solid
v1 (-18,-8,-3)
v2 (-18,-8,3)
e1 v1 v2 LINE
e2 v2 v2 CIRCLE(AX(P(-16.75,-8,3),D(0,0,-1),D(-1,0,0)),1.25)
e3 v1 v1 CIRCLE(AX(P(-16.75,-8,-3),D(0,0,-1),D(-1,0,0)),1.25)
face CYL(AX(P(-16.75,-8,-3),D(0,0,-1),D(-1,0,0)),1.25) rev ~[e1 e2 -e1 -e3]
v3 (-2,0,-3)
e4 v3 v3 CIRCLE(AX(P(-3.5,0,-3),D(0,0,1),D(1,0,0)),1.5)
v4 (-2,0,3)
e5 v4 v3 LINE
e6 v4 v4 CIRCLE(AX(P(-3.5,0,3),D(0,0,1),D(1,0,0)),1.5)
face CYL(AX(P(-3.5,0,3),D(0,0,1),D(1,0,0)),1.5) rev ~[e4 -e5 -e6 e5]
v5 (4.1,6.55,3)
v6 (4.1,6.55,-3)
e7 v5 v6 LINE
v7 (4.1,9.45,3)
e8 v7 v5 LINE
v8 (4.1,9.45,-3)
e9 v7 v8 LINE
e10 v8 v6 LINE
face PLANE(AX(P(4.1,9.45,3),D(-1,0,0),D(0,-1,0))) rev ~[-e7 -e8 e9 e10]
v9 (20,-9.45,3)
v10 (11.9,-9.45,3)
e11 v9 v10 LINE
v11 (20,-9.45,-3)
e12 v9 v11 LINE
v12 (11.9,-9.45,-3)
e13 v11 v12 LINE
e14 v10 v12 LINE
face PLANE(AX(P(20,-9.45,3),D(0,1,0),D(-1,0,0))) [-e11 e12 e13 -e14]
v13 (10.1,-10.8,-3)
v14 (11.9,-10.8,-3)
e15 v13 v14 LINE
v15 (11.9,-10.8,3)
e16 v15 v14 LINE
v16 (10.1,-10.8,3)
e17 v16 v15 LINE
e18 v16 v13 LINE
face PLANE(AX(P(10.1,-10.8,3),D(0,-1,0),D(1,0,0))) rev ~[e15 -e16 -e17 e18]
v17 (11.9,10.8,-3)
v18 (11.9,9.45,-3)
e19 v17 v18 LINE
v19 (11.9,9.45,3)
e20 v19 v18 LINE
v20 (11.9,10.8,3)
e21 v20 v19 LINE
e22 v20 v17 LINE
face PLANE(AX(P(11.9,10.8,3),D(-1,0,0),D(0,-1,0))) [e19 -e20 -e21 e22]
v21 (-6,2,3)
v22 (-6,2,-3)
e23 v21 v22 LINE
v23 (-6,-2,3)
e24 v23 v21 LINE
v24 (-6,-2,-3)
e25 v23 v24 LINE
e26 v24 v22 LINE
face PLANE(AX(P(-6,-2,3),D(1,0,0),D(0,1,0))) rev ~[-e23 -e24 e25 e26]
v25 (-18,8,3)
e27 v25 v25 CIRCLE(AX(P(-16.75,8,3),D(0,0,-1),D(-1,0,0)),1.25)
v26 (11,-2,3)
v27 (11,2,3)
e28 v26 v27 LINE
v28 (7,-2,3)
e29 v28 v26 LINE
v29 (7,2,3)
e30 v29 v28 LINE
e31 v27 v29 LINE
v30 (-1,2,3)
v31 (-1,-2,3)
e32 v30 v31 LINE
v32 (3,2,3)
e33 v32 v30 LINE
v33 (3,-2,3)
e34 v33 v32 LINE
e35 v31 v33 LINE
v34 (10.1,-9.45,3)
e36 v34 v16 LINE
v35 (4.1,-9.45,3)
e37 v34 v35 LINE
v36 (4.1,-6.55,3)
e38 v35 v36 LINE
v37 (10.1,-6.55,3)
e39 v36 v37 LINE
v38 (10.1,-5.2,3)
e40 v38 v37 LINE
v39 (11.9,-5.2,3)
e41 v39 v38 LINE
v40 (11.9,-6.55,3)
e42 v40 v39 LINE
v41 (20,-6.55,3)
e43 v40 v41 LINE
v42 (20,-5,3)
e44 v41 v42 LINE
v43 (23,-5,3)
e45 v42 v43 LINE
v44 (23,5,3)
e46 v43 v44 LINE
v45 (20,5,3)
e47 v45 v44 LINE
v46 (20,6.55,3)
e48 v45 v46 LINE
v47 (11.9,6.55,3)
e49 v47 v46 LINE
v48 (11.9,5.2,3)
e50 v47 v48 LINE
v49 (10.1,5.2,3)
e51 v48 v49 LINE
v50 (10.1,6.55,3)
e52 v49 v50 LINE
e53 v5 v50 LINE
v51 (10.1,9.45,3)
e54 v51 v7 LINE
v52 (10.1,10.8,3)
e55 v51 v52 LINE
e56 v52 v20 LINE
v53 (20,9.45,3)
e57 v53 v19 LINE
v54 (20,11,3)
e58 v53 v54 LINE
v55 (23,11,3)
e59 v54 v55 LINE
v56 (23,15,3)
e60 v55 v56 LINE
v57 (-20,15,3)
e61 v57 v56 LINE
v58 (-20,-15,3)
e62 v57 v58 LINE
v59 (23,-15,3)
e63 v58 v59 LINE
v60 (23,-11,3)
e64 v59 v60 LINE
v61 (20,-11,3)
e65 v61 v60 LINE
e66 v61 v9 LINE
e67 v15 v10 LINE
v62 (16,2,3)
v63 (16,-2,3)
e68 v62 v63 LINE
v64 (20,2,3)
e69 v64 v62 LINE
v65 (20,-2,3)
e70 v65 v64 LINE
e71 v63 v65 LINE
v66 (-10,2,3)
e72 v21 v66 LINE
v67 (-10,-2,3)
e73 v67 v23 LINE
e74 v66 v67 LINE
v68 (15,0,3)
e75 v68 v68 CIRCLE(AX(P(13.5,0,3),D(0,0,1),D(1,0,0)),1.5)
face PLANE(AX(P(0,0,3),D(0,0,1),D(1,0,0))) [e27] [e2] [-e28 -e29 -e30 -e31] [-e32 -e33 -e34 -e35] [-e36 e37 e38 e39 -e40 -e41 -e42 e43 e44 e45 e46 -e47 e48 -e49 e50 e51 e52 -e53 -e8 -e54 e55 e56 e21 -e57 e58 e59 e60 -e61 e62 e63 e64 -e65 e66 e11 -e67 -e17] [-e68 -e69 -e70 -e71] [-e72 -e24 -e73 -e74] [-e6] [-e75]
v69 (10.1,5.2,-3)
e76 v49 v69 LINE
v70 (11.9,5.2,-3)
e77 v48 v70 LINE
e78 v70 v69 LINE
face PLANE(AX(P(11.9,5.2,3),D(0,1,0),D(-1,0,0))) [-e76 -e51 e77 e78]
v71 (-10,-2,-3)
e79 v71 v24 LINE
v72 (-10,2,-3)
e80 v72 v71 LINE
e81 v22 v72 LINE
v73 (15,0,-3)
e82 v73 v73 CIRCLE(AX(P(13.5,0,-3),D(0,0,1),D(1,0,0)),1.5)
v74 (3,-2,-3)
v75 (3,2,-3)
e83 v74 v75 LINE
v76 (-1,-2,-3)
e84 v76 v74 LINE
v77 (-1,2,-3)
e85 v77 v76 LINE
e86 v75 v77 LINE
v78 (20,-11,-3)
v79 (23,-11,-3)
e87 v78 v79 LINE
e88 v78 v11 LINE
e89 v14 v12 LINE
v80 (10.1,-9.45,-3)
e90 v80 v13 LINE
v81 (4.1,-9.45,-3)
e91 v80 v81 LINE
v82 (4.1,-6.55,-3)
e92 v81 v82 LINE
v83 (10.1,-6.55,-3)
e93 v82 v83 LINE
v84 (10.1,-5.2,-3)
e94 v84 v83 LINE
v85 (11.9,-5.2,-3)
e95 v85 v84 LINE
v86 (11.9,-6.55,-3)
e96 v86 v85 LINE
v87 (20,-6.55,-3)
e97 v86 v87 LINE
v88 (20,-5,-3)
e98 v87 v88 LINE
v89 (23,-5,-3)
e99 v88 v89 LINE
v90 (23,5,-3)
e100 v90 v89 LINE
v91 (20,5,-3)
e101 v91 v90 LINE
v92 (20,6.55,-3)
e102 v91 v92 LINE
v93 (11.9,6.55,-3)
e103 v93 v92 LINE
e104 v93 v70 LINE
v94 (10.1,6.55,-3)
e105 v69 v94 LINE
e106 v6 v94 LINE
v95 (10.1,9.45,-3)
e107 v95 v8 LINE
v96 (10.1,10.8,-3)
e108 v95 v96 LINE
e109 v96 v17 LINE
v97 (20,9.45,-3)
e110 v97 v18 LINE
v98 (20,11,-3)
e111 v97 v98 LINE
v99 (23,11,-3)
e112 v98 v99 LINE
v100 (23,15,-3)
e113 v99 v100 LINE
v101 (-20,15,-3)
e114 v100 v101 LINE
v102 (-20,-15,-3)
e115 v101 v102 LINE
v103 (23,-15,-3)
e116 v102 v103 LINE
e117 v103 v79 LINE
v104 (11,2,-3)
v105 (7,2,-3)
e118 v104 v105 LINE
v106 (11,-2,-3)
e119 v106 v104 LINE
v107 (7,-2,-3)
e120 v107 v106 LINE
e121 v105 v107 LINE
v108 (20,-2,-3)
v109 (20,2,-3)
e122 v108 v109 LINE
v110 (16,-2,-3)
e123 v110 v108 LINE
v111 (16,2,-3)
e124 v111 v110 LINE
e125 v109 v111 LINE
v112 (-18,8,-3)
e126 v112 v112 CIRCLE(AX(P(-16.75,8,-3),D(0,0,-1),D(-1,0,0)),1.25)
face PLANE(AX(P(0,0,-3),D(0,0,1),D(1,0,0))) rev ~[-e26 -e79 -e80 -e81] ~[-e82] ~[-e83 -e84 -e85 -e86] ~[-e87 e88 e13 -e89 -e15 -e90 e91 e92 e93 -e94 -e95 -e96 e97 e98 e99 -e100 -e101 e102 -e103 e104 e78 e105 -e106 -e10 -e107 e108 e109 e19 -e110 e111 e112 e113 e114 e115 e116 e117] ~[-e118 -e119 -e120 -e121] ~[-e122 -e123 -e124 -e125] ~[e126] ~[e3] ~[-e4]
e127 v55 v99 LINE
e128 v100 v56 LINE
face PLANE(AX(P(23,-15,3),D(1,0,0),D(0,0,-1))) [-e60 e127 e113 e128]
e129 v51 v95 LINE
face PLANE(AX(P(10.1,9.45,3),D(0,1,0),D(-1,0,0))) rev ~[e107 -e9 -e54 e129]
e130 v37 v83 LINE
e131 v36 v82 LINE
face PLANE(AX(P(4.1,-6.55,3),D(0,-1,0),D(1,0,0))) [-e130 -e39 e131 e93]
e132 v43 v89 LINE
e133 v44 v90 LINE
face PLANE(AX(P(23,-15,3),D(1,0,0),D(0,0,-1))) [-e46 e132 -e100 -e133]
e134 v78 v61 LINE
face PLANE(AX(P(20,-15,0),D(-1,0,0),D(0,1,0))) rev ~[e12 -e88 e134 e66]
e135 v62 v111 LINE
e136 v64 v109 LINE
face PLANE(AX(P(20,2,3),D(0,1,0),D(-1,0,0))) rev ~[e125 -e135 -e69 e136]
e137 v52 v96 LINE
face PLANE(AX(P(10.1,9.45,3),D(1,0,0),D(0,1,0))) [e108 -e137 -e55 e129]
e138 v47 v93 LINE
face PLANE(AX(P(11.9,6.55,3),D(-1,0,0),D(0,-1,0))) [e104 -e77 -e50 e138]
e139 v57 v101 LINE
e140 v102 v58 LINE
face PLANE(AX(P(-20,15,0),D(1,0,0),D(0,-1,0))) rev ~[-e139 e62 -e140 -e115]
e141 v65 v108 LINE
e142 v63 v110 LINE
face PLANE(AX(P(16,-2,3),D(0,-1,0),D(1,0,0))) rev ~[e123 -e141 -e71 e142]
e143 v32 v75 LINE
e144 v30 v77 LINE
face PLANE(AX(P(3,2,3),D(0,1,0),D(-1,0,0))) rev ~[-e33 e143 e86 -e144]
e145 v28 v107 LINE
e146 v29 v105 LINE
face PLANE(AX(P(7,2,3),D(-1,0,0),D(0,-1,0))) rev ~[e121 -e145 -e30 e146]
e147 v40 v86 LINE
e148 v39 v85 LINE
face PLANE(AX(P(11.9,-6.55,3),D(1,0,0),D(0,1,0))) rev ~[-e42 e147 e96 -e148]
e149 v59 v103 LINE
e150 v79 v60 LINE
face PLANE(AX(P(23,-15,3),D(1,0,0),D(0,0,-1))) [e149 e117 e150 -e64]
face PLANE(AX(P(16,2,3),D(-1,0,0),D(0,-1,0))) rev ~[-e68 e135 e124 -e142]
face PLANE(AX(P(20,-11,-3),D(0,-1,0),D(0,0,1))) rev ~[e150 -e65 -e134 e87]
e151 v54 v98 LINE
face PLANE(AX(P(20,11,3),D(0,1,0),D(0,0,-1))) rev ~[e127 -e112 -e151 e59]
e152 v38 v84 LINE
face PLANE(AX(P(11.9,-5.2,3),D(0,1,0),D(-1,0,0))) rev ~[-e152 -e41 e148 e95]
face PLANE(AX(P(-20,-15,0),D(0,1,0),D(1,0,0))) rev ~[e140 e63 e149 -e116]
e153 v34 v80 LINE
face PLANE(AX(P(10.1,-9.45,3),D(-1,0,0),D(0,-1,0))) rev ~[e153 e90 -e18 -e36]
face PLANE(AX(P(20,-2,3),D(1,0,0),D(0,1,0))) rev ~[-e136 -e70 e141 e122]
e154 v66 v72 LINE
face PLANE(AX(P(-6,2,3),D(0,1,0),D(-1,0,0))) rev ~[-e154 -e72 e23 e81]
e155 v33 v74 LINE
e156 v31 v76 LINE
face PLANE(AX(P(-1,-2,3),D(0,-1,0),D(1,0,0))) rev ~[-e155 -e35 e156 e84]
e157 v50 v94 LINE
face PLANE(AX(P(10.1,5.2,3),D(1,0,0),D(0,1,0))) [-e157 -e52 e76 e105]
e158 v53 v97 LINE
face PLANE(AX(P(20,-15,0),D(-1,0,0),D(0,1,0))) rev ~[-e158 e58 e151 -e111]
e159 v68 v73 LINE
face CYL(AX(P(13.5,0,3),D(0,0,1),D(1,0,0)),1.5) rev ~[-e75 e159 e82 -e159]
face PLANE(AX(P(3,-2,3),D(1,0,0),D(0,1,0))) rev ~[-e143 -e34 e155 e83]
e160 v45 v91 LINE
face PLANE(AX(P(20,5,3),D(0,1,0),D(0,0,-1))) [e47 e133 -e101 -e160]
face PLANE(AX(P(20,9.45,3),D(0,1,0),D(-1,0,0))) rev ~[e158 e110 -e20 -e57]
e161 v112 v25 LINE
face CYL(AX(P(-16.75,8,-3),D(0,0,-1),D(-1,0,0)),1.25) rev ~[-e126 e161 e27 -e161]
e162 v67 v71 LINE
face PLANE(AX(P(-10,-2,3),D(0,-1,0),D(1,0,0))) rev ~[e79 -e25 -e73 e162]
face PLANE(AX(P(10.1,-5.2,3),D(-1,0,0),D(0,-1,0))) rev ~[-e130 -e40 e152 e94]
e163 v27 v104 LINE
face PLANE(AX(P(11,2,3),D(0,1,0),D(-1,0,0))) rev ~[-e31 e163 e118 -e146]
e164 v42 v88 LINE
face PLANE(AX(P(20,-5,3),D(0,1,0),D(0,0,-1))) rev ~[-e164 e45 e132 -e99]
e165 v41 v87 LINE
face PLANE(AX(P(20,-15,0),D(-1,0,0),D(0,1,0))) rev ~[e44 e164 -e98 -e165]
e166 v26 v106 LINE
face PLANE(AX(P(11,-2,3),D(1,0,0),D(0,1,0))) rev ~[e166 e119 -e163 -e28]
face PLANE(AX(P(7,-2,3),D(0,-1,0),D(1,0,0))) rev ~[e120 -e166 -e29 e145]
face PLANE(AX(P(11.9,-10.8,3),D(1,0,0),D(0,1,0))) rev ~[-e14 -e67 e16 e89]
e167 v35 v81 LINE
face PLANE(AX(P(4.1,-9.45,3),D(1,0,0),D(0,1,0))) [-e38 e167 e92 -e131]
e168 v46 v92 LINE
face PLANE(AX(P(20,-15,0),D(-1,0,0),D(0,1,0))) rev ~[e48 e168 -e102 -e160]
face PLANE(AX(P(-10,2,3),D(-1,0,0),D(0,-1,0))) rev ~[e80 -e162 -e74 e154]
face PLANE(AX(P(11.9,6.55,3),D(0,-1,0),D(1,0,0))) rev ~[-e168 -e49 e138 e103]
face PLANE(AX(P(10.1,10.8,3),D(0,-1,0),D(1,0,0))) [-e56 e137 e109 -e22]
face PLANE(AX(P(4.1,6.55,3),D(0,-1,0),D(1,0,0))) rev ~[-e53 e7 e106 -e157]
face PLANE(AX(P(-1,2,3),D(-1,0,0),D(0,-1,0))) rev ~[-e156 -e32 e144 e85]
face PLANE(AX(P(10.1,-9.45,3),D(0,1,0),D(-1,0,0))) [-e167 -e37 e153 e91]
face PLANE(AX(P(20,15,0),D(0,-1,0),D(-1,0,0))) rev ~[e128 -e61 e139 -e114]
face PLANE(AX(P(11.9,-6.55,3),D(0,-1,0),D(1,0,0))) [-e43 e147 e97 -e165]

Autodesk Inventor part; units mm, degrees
sketch "Эскиз1" plane through (0, 0, 0) normal (0, 0, 1) x (1, 0, 0)
  line L0 (-20, -15) -> (20, -15)
  line L1 (20, -15) -> (20, 15)
  line L2 (20, 15) -> (-20, 15)
  line L3 (-20, 15) -> (-20, -15)
  line L4 (-20, -15) -> (20, 15) construction
  line L5 (20, -15) -> (-20, 15) construction
  point P0 (0, 0)
  dimension "d0" = 40
  dimension "d1" = 30
extrude "Выдавливание1" add sketch "Эскиз1" along normal mid plane 6
sketch "Эскиз2" plane through (0, 0, -3) normal (0, 0, -1) x (-1, 0, 0)
  circle A0 centre (16.75, 8) radius 1.25 projected
  circle A1 centre (16.75, -8) radius 1.25 projected
  point P0 (0, 0)
extrude "Выдавливание2" cut sketch "Эскиз2" against normal up to surface (6 mm away)
sketch "Эскиз3" plane through (20, -15, 3) normal (1, 0, 0) x (0, 0, -1)
  line L0 (0, 0) -> (0, 30) projected
  line L1 (6, 0) -> (6, 30) projected
  line L2 (0, 0) -> (6, 0)
  line L3 (6, 0) -> (6, 4)
  line L4 (6, 4) -> (0, 4)
  line L5 (0, 4) -> (0, 0)
  line L6 (0, 26) -> (6, 26)
  line L7 (6, 26) -> (6, 30)
  line L8 (6, 30) -> (0, 30)
  line L9 (0, 30) -> (0, 26)
  line L10 (6, 30) -> (6, 0) projected
  line L11 (0, 10) -> (6, 10)
  line L12 (6, 10) -> (6, 15)
  line L13 (0, 15) -> (0, 10)
  line L14 (0, 20) -> (6, 20)
  line L15 (6, 20) -> (6, 15)
  line L16 (0, 15) -> (0, 20)
  point P0 (3, 15)
  point P1 (0, 4)
  point P2 (0, 26)
  point P3 (6, 26)
  point P4 (6, 10)
  dimension "d6" = 4
  dimension "d7" = 4
extrude "Выдавливание3" add sketch "Эскиз3" along normal blind 3 contours L0 L4 L1 L2 | L0 L14 L1 L11 | L0 L8 L1 L6
sketch "Эскиз4" plane through (0, 0, 3) normal (0, 0, 1) x (1, 0, 0)
  line L0 (20, 6.55) -> (20, 9.45)
  line L1 (4.1, 9.45) -> (4.1, 6.55)
  line L2 (10.1, 10.8) -> (11.9, 10.8)
  line L3 (11.9, 5.2) -> (10.1, 5.2)
  line L4 (20, 9.45) -> (11.9, 9.45)
  line L5 (10.1, 9.45) -> (4.1, 9.45)
  line L6 (10.1, 5.2) -> (10.1, 6.55)
  line L7 (10.1, 9.45) -> (10.1, 10.8)
  line L8 (11.9, 10.8) -> (11.9, 9.45)
  line L9 (11.9, 6.55) -> (11.9, 5.2)
  line L10 (4.1, 6.55) -> (10.1, 6.55)
  line L11 (11.9, 6.55) -> (20, 6.55)
  line L12 (20, 5) -> (20, 11) projected
  line L13 (1.3154, 0) -> (2.8284, 0) construction
  line L14 (20, -6.55) -> (20, -9.45)
  line L15 (4.1, -9.45) -> (4.1, -6.55)
  line L16 (10.1, -10.8) -> (11.9, -10.8)
  line L17 (11.9, -5.2) -> (10.1, -5.2)
  line L18 (20, -9.45) -> (11.9, -9.45)
  line L19 (10.1, -9.45) -> (4.1, -9.45)
  line L20 (10.1, -5.2) -> (10.1, -6.55)
  line L21 (10.1, -9.45) -> (10.1, -10.8)
  line L22 (11.9, -10.8) -> (11.9, -9.45)
  line L23 (11.9, -6.55) -> (11.9, -5.2)
  line L24 (4.1, -6.55) -> (10.1, -6.55)
  line L25 (11.9, -6.55) -> (20, -6.55)
  point P0 (0, 0)
  point P1 (20, 0)
  point P2 (20, 8)
  dimension "d10" = 2.9
  dimension "d11" = 1.8
  dimension "d12" = 5.6
  dimension "d14" = 1.35
  dimension "d15" = 6
  dimension "d16" = 8.1
extrude "Выдавливание4" cut sketch "Эскиз4" against normal up to surface (6 mm away)
sketch "Эскиз5" plane through (0, 0, 3) normal (0, 0, 1) x (1, 0, 0)
  line L0 (-6, 2) -> (-10, 2) projected
  line L1 (-10, 2) -> (-10, -2) projected
  line L2 (-10, -2) -> (-6, -2) projected
  line L3 (-6, -2) -> (-6, 2) projected
  line L4 (-1, 2) -> (-1, -2) projected
  line L5 (-1, -2) -> (3, -2) projected
  line L6 (3, -2) -> (3, 2) projected
  line L7 (3, 2) -> (-1, 2) projected
  line L8 (7, 2) -> (7, -2) projected
  line L9 (11, 2) -> (7, 2) projected
  line L10 (7, -2) -> (11, -2) projected
  line L11 (11, -2) -> (11, 2) projected
  line L12 (16, 2) -> (16, -2) projected
  line L13 (20, 2) -> (16, 2) projected
  line L14 (16, -2) -> (20, -2) projected
  line L15 (20, -2) -> (20, 2) projected
  point P0 (0, 0)
extrude "Выдавливание5" cut sketch "Эскиз5" against normal up to surface (6 mm away)
sketch "Эскиз6" plane through (0, 0, 3) normal (0, 0, 1) x (1, 0, 0)
  circle A0 centre (-3.5, 0) radius 1.5
  circle A1 centre (13.5, 0) radius 1.5
  line L0 (-6, 2) -> (-6, -2) projected
  line L1 (-1, -2) -> (-1, 2) projected
  line L2 (11, 2) -> (11, -2) projected
  line L3 (16, -2) -> (16, 2) projected
  line L4 (-6, 0) -> (-1, 0) construction
  line L5 (11, 0) -> (16, 0) construction
  point P0 (0, 0)
  point P1 (-3.5, 0)
  point P2 (13.5, 0)
  dimension "d25" = 3
extrude "Выдавливание6" cut sketch "Эскиз6" against normal up to surface (6 mm away)
properties part number "крыло"
